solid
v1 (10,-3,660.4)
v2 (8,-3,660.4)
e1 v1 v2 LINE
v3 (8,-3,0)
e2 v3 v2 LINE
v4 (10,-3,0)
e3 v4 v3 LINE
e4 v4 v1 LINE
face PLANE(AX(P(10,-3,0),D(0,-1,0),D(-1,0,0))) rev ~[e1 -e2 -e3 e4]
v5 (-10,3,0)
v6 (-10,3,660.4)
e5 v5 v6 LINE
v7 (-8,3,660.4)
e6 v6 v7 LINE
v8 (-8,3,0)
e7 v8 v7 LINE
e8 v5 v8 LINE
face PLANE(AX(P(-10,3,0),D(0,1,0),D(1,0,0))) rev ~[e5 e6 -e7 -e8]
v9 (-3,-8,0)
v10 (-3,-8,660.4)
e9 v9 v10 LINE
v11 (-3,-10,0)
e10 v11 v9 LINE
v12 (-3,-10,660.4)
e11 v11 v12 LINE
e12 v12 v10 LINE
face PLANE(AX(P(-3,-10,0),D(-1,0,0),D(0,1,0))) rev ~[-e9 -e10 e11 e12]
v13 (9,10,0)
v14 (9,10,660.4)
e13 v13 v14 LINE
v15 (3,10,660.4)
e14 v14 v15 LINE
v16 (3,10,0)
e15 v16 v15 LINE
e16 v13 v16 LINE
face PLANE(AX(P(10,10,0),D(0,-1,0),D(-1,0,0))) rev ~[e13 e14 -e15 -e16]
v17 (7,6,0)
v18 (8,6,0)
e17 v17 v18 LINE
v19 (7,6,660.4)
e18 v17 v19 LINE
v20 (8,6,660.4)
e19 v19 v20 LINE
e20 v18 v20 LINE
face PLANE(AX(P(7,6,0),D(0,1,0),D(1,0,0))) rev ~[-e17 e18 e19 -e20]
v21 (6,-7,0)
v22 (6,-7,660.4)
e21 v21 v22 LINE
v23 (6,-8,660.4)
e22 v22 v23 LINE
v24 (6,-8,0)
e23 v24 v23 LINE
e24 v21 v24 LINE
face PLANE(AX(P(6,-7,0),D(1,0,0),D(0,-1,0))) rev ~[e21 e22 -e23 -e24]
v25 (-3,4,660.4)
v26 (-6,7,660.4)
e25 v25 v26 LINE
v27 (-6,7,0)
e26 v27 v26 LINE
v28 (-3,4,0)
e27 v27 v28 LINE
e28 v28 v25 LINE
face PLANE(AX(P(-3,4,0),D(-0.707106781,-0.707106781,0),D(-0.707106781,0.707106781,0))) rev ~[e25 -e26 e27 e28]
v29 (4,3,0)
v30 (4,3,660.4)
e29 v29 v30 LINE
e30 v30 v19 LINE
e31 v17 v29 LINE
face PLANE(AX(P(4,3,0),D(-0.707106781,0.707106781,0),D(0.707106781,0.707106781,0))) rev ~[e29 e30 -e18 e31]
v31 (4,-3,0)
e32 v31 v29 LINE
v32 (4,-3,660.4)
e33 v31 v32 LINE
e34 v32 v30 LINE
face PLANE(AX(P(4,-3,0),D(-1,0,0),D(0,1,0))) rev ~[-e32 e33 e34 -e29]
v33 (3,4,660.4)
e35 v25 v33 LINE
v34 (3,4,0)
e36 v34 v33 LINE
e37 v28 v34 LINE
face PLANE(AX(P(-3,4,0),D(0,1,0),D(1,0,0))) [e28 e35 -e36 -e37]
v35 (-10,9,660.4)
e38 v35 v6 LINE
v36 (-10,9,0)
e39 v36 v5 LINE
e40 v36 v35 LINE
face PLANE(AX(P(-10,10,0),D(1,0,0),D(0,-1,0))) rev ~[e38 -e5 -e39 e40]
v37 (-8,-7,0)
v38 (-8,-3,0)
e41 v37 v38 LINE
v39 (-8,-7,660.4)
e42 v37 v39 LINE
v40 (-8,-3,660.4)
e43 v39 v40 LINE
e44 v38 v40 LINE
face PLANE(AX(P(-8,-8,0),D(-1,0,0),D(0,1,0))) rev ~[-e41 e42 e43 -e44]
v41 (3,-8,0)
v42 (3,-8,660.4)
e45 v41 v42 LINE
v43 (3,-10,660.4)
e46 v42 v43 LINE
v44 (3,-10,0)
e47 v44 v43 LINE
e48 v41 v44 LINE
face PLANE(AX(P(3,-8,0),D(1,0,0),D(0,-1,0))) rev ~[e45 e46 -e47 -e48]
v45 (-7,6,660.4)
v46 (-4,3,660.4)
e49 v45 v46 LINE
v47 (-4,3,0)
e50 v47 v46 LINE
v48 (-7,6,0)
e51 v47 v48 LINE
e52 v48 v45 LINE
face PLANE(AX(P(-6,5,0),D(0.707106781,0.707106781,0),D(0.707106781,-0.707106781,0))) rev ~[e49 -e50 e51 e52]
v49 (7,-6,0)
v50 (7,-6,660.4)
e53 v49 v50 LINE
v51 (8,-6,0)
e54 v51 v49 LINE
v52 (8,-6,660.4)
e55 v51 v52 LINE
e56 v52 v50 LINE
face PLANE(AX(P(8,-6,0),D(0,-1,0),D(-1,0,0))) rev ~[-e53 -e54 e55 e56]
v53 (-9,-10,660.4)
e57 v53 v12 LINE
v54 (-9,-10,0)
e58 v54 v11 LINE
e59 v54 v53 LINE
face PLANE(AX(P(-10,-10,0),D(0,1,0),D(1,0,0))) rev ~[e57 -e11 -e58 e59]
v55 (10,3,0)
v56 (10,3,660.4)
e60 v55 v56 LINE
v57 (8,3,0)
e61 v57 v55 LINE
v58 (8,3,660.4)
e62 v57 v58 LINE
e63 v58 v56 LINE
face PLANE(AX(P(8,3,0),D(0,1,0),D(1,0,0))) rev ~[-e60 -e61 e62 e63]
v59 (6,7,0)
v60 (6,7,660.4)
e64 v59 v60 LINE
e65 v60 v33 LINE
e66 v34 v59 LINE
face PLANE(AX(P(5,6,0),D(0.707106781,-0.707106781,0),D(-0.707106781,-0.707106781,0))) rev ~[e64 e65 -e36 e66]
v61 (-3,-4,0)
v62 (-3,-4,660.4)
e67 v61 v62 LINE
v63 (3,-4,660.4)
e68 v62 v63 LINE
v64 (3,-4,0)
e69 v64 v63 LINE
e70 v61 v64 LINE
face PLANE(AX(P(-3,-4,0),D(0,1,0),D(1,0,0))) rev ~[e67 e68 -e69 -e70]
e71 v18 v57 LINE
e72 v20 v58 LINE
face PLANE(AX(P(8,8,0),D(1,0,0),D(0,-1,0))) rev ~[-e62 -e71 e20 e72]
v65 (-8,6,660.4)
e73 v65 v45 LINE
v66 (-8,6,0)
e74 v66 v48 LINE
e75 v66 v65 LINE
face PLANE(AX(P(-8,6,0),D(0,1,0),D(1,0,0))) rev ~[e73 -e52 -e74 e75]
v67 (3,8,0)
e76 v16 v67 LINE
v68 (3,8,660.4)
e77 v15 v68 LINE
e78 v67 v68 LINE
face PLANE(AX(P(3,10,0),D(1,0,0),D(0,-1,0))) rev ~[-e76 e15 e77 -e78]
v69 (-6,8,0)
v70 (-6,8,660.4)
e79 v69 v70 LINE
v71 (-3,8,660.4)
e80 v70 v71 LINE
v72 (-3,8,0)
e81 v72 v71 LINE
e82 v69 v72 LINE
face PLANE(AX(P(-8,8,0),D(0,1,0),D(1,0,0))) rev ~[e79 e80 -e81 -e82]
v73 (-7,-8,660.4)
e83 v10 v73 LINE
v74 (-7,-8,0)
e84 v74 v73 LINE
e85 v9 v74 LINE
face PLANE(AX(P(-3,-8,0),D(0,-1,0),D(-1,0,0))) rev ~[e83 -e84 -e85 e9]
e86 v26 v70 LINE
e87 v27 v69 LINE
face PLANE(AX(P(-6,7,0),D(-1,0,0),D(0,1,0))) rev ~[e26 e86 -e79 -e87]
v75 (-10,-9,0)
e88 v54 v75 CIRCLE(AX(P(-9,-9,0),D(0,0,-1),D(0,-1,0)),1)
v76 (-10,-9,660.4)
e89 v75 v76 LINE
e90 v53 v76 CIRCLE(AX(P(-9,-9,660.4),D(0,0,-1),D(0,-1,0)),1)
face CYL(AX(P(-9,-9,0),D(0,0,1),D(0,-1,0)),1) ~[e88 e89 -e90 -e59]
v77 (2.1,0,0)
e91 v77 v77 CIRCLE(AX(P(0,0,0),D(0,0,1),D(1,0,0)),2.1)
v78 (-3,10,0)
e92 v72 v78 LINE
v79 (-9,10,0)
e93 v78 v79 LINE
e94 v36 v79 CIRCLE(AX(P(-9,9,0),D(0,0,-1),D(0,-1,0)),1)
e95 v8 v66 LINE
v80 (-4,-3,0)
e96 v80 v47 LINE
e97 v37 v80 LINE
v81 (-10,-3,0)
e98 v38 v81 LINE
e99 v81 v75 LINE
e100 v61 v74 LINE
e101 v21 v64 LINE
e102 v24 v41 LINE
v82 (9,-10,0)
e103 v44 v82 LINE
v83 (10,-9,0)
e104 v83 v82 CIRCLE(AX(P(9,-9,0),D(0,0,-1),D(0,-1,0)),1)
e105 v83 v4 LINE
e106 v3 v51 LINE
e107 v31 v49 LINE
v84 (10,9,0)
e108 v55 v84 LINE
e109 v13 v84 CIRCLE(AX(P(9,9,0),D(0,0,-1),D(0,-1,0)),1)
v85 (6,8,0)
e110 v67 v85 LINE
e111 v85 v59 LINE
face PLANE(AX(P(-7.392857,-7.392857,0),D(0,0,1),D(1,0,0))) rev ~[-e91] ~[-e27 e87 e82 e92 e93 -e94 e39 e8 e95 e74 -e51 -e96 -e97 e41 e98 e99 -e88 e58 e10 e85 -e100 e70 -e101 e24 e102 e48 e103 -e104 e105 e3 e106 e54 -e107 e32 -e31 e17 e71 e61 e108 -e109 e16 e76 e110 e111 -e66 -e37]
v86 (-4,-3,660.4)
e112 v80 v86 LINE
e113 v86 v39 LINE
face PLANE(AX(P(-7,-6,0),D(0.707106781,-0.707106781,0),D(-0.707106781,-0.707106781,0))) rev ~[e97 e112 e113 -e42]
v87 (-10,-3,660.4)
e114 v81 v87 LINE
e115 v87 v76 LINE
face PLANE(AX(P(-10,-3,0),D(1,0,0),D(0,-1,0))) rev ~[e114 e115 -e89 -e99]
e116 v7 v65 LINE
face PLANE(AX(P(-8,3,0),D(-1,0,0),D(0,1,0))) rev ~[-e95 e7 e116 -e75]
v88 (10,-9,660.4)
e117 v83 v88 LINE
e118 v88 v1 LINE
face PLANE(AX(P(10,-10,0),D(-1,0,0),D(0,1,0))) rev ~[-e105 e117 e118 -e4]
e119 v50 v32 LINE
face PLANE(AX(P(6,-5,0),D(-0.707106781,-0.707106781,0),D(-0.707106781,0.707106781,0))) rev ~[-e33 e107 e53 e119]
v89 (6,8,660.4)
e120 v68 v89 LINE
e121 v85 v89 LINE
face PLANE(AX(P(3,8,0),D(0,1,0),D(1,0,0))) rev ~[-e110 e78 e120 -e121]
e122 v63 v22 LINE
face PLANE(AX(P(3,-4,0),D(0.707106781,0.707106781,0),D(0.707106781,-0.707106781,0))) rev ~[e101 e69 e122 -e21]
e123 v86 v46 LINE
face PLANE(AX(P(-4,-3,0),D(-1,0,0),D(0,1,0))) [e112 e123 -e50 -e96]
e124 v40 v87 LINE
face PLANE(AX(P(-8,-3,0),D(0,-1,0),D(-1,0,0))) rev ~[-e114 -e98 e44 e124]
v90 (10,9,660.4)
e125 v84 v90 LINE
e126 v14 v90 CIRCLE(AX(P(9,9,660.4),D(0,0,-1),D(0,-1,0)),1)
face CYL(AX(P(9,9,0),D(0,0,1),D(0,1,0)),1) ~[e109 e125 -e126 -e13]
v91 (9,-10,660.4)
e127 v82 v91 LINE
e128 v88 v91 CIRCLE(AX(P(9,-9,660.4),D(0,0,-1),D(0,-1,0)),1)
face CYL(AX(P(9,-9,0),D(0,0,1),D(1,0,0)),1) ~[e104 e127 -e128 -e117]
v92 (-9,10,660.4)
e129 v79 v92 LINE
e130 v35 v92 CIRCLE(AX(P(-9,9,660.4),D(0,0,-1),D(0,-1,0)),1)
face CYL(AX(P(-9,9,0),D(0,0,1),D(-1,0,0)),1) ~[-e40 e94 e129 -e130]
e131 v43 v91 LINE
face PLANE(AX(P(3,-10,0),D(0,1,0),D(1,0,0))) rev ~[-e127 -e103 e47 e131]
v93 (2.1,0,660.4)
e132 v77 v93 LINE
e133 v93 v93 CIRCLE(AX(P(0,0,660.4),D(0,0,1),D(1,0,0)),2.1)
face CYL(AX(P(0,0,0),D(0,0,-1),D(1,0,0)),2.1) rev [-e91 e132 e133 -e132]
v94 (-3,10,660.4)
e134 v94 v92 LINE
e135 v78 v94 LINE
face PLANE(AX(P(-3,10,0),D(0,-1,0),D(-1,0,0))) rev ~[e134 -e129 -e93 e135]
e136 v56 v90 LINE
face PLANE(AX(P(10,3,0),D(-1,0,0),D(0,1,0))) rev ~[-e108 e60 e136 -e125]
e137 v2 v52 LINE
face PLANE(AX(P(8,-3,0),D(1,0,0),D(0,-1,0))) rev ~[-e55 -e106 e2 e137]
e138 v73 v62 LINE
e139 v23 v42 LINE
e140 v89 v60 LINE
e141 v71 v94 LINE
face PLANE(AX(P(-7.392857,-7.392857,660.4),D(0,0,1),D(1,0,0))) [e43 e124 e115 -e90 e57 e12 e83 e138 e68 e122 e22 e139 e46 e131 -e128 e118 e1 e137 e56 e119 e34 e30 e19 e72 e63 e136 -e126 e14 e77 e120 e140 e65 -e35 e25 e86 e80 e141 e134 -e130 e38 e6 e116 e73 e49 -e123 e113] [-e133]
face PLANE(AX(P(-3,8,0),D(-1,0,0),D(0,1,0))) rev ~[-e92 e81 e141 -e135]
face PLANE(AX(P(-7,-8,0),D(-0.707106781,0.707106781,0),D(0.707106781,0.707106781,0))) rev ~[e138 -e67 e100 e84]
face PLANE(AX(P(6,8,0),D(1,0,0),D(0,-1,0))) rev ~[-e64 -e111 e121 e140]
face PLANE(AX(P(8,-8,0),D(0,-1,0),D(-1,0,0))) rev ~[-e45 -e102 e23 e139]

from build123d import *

# Parameters (mm, degrees)
SKETCH1_W           = 1
SKETCH1_H           = 1
SKETCH1_W_2         = 6
SKETCH1_H_2         = 6
SKETCH1_R           = 2.1
BOSS_EXTRUDE1_DEPTH = 660.4
FILLET1_R           = 1


with BuildPart() as part:
    # Sketch1 → Boss-Extrude1 (new body)
    # profile 1 of 35: a face of its own
    with BuildSketch(Plane.XY):
        Polygon((-6, 7), (-6, 8), (-7, 8), align=None)
    # profile 2 of 35: a face of its own
    with BuildSketch(Plane.XY):
        Polygon((-6, 7), (-7, 8), (-8, 8), (-8, 7), (-7, 6), (-6, 6), align=None)
    # profile 3 of 35: a face of its own
    with BuildSketch(Plane.XY):
        Polygon((-8, 7), (-8, 6), (-7, 6), align=None)
    # profile 4 of 35: a face of its own
    with BuildSketch(Plane.XY):
        Polygon((-3, 8), (-3, 10), (-10, 10), (-10, 3), (-8, 3), (-8, 6), (-8, 7), (-8, 8), (-7, 8), (-6, 8), align=None)
    # profile 5 of 35: a face of its own
    with BuildSketch(Plane.XY):
        Polygon((-6, 5), (-6, 6), (-7, 6), align=None)
    # profile 6 of 35: a face of its own
    with BuildSketch(Plane.XY):
        Polygon((-6, 6), (-5, 6), (-6, 7), align=None)
    # profile 7 of 35: a face of its own
    with BuildSketch(Plane.XY):
        Polygon((-3, 4), (-5, 6), (-6, 6), (-6, 5), (-4, 3), (-4, 4), align=None)
    # profile 8 of 35: a face of its own
    with BuildSketch(Plane.XY):
        with Locations((-3.5, 3.5)):
            Rectangle(SKETCH1_W, SKETCH1_H)
    # profile 9 of 35: a face of its own
    with BuildSketch(Plane.XY):
        with Locations((0, 3.5)):
            Rectangle(SKETCH1_W_2, SKETCH1_H)
    # profile 10 of 35: a face of its own
    with BuildSketch(Plane.XY):
        with Locations((-3.5, 0)):
            Rectangle(SKETCH1_W, SKETCH1_H_2)
    # profile 11 of 35: a face of its own
    with BuildSketch(Plane.XY):
        Rectangle(SKETCH1_W_2, SKETCH1_H_2)
        Circle(SKETCH1_R, mode=Mode.SUBTRACT)
    # profile 12 of 35: a face of its own
    with BuildSketch(Plane.XY):
        with Locations((3.5, 3.5)):
            Rectangle(SKETCH1_W, SKETCH1_H)
    # profile 13 of 35: a face of its own
    with BuildSketch(Plane.XY):
        Polygon((6, 6), (5, 6), (3, 4), (4, 4), (4, 3), (6, 5), align=None)
    # profile 14 of 35: a face of its own
    with BuildSketch(Plane.XY):
        Polygon((6, 7), (5, 6), (6, 6), align=None)
    # profile 15 of 35: a face of its own
    with BuildSketch(Plane.XY):
        Polygon((6, 6), (6, 5), (7, 6), align=None)
    # profile 16 of 35: a face of its own
    with BuildSketch(Plane.XY):
        Polygon((8, 8), (7, 8), (6, 7), (6, 6), (7, 6), (8, 7), align=None)
    # profile 17 of 35: a face of its own
    with BuildSketch(Plane.XY):
        Polygon((7, 8), (6, 8), (6, 7), align=None)
    # profile 18 of 35: a face of its own
    with BuildSketch(Plane.XY):
        Polygon((7, 6), (8, 6), (8, 7), align=None)
    # profile 19 of 35: a face of its own
    with BuildSketch(Plane.XY):
        Polygon((10, 3), (10, 10), (3, 10), (3, 8), (6, 8), (7, 8), (8, 8), (8, 7), (8, 6), (8, 3), align=None)
    # profile 20 of 35: a face of its own
    with BuildSketch(Plane.XY):
        with Locations((3.5, 0)):
            Rectangle(SKETCH1_W, SKETCH1_H_2)
    # profile 21 of 35: a face of its own
    with BuildSketch(Plane.XY):
        with Locations((3.5, -3.5)):
            Rectangle(SKETCH1_W, SKETCH1_H)
    # profile 22 of 35: a face of its own
    with BuildSketch(Plane.XY):
        Polygon((6, -6), (6, -5), (4, -3), (4, -4), (3, -4), (5, -6), align=None)
    # profile 23 of 35: a face of its own
    with BuildSketch(Plane.XY):
        Polygon((7, -6), (6, -5), (6, -6), align=None)
    # profile 24 of 35: a face of its own
    with BuildSketch(Plane.XY):
        Polygon((6, -7), (6, -6), (5, -6), align=None)
    # profile 25 of 35: a face of its own
    with BuildSketch(Plane.XY):
        Polygon((8, -8), (8, -7), (7, -6), (6, -6), (6, -7), (7, -8), align=None)
    # profile 26 of 35: a face of its own
    with BuildSketch(Plane.XY):
        Polygon((6, -7), (6, -8), (7, -8), align=None)
    # profile 27 of 35: a face of its own
    with BuildSketch(Plane.XY):
        Polygon((8, -7), (8, -6), (7, -6), align=None)
    # profile 28 of 35: a face of its own
    with BuildSketch(Plane.XY):
        Polygon((10, -10), (10, -3), (8, -3), (8, -6), (8, -7), (8, -8), (7, -8), (6, -8), (3, -8), (3, -10), align=None)
    # profile 29 of 35: a face of its own
    with BuildSketch(Plane.XY):
        with Locations((0, -3.5)):
            Rectangle(SKETCH1_W_2, SKETCH1_H)
    # profile 30 of 35: a face of its own
    with BuildSketch(Plane.XY):
        with Locations((-3.5, -3.5)):
            Rectangle(SKETCH1_W, SKETCH1_H)
    # profile 31 of 35: a face of its own
    with BuildSketch(Plane.XY):
        Polygon((-4, -3), (-6, -5), (-6, -6), (-5, -6), (-3, -4), (-4, -4), align=None)
    # profile 32 of 35: a face of its own
    with BuildSketch(Plane.XY):
        Polygon((-6, -7), (-5, -6), (-6, -6), align=None)
    # profile 33 of 35: a face of its own
    with BuildSketch(Plane.XY):
        Polygon((-6, -6), (-6, -5), (-7, -6), align=None)
    # profile 34 of 35: a face of its own
    with BuildSketch(Plane.XY):
        Polygon((-7, -6), (-8, -7), (-8, -8), (-7, -8), (-6, -7), (-6, -6), align=None)
    # profile 35 of 35: a face of its own
    with BuildSketch(Plane.XY):
        Polygon((-8, -3), (-10, -3), (-10, -10), (-3, -10), (-3, -8), (-6, -8), (-7, -8), (-8, -8), (-8, -7), (-8, -6), align=None)
    extrude(amount=BOSS_EXTRUDE1_DEPTH)

    # Fillet1
    fillet1_edges = [part.edges().sort_by_distance(p)[0] for p in [
        (-10, -10, 330.2),
        (-10, 10, 330.2),
        (10, 10, 330.2),
        (10, -10, 330.2),
    ]]
    fillet(fillet1_edges, radius=FILLET1_R)


solid = part.part
